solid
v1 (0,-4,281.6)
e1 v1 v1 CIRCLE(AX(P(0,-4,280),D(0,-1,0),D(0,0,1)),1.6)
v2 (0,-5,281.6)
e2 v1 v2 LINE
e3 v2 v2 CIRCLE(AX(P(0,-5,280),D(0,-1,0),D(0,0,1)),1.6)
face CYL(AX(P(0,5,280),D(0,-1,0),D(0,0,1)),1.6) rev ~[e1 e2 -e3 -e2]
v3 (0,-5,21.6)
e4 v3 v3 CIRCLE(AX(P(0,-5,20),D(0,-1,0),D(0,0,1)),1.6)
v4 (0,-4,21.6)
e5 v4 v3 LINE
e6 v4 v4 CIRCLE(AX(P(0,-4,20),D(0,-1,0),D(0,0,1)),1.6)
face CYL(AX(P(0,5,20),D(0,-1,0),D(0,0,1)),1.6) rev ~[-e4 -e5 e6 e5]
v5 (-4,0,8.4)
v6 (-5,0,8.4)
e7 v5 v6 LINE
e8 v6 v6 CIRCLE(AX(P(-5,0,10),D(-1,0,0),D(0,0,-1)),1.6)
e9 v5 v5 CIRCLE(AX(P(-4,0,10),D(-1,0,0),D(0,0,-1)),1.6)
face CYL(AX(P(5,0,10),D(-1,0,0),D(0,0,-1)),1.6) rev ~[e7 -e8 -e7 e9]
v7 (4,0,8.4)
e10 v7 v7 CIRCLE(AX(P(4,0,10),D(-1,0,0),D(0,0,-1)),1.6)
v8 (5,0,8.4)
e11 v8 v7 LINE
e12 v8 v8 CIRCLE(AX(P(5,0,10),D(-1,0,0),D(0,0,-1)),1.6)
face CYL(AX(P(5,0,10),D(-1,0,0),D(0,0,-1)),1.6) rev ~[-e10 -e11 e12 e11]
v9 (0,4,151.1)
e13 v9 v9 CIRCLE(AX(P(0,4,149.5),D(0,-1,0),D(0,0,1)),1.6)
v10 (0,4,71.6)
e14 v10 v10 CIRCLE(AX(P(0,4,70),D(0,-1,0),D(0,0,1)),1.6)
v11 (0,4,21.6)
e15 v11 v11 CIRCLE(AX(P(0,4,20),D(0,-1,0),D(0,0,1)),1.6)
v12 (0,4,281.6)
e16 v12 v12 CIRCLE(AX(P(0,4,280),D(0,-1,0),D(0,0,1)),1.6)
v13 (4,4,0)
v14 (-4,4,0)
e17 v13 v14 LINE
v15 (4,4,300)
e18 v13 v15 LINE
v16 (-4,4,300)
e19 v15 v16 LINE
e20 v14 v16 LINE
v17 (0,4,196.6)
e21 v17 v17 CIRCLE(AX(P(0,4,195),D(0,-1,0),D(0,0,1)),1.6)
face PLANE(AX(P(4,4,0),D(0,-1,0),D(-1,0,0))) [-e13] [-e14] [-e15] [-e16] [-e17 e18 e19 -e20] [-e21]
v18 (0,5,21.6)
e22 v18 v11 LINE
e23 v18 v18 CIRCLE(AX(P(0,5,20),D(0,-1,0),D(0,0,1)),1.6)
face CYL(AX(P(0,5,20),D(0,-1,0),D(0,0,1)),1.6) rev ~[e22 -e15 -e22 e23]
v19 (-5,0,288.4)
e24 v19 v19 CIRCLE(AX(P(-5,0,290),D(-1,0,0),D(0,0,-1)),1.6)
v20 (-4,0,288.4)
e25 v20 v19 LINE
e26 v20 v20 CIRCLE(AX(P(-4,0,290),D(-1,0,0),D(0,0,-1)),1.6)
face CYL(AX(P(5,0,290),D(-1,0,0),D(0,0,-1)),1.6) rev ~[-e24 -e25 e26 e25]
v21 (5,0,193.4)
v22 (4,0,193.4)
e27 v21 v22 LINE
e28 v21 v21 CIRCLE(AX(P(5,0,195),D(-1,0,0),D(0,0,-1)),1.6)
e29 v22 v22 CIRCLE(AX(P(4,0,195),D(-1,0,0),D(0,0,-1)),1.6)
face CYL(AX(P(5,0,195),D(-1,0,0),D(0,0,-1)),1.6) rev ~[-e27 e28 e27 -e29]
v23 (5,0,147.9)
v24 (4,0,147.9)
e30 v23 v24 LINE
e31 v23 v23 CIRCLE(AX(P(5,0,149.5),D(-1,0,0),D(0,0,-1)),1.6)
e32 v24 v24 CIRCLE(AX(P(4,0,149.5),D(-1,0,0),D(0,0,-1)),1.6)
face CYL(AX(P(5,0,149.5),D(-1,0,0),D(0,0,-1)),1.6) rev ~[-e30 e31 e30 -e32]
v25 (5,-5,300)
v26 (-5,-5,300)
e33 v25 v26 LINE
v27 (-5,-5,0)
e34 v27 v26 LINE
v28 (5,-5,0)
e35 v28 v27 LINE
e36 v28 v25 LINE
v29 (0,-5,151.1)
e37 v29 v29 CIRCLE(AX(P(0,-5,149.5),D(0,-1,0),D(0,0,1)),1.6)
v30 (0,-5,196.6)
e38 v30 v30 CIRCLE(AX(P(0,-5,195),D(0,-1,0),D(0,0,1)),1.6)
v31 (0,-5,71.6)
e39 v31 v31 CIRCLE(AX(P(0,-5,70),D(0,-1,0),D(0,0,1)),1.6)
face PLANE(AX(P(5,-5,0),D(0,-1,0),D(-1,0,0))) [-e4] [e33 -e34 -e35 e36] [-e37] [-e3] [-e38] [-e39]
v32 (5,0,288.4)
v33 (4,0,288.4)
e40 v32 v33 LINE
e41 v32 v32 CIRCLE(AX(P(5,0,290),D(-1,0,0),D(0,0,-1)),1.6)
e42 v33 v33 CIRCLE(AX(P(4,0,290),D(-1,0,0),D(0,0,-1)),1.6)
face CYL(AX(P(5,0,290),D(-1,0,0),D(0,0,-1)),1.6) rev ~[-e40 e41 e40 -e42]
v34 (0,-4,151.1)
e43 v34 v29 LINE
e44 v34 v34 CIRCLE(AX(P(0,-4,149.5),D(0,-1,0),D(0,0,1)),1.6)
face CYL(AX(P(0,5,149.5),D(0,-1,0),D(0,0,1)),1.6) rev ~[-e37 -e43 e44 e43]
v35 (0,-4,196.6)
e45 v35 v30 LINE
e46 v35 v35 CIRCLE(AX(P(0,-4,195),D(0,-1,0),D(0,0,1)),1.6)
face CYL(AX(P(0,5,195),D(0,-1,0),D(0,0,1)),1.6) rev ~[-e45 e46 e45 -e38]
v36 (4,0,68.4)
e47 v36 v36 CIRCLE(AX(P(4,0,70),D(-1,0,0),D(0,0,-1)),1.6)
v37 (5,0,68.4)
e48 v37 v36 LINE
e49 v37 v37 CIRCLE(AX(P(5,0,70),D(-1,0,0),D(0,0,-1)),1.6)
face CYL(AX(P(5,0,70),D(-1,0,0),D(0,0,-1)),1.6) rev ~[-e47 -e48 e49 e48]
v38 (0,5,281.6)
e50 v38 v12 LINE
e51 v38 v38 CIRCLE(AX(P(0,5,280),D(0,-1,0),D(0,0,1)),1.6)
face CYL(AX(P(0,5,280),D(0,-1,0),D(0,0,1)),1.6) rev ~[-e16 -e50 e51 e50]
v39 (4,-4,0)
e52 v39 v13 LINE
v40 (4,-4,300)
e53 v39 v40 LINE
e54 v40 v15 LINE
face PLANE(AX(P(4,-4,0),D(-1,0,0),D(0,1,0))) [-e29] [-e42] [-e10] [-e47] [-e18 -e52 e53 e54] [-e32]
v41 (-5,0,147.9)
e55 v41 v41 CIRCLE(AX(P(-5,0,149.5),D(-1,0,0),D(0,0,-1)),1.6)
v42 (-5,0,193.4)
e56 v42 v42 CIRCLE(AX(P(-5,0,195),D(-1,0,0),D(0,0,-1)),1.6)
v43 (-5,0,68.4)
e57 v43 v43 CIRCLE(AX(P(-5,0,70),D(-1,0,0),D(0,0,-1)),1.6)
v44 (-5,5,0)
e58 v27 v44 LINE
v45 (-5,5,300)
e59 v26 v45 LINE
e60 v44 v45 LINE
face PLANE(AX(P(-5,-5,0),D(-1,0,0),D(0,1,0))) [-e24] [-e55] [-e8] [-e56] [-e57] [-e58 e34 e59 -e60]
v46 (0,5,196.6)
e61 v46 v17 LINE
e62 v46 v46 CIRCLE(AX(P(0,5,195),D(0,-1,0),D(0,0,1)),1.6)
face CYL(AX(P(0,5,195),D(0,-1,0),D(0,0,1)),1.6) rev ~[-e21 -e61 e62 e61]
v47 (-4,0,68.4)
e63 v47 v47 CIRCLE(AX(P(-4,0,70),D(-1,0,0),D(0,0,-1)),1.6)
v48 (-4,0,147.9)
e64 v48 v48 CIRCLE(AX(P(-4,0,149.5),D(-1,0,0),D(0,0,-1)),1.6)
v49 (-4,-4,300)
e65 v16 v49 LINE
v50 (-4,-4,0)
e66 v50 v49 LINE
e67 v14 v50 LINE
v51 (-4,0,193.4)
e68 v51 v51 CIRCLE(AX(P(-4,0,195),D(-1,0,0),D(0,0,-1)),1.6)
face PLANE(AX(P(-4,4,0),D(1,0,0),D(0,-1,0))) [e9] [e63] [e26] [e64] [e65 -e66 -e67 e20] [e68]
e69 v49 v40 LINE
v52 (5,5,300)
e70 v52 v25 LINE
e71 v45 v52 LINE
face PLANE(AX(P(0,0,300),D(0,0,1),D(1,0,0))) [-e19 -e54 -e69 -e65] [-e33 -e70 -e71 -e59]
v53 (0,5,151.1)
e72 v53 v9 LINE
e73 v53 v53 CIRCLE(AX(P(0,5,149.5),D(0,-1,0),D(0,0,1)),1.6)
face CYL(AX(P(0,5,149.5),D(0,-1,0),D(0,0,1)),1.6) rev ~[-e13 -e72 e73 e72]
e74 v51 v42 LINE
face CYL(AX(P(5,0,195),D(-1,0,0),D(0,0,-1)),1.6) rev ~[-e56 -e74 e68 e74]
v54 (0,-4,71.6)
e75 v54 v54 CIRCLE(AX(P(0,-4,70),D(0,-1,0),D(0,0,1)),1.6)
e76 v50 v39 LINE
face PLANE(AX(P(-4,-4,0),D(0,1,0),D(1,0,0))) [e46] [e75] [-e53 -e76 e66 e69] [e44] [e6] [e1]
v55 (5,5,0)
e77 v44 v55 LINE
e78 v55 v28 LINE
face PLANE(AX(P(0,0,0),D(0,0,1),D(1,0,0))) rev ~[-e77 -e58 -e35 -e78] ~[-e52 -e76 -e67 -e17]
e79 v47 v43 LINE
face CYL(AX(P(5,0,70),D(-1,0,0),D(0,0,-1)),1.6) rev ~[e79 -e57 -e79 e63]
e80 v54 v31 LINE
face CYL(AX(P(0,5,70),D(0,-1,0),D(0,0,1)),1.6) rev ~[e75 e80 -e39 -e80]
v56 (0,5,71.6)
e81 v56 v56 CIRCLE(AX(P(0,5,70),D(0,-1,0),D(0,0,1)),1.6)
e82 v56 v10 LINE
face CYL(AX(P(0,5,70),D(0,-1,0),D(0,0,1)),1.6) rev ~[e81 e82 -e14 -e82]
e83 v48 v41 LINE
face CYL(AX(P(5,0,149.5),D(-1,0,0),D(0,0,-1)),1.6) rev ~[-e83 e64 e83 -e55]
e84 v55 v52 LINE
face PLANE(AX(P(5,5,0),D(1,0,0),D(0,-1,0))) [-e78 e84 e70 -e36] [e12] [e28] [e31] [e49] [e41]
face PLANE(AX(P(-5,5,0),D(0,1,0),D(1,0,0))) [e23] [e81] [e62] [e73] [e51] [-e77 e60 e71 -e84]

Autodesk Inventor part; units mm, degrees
ref_plane "YZ Plane" through (0, 0, 0) normal (1, 0, 0) x (0, 1, 0)
ref_plane "XZ Plane" through (0, 0, 0) normal (0, 1, 0) x (-1, 0, 0)
ref_plane "XY Plane" through (0, 0, 0) normal (0, 0, 1) x (1, 0, 0)
sketch "スケッチ1" plane through (0, 0, 0) normal (0, 0, 1) x (1, 0, 0)
  line L0 (5, -5) -> (-5, -5)
  line L1 (-5, -5) -> (-5, 5)
  line L2 (-5, 5) -> (5, 5)
  line L3 (5, 5) -> (5, -5)
  line L4 (5, -5) -> (-5, 5) construction
  line L5 (-5, -5) -> (5, 5) construction
  line L6 (4, 4) -> (-4, 4)
  line L7 (-4, 4) -> (-4, -4)
  line L8 (-4, -4) -> (4, -4)
  line L9 (4, -4) -> (4, 4)
  point P0 (0, 0)
  dimension "d0" = 10
  dimension "d1" = 10
  dimension "d2" = 1
extrude "押し出し1" add sketch "スケッチ1" along normal blind 300
sketch "スケッチ2" plane through (5, -5, 0) normal (1, 0, 0) x (0, 0, -1)
  line L0 (0, 5) -> (-300, 5)
  line L1 (0, 1) -> (-300, 1) projected
  line L2 (0, 0) -> (0, 10) projected
  line L3 (-300, 0) -> (-300, 10) projected
  point P0 (-195, 5)
  point P1 (-70, 5)
  point P2 (-150, 5)
  point P3 (-290, 5)
  point P4 (-10, 5)
  point P5 (-149.5, 5)
  dimension "d6" = 125
  dimension "d26" = 80
  dimension "d28" = 10
  dimension "d29" = 10
  dimension "d30" = 280
  dimension "d35" = 79.5
hole "穴1" at (5, 0, 195) at (5, 0, 70) at (5, 0, 290) at (5, 0, 10) at (5, 0, 149.5) direction (-1, 0, 0) diameter 3.2 end through all
sketch "スケッチ3" plane through (-5, 5, 0) normal (0, 1, 0) x (1, 0, 0)
  line L0 (5, 0) -> (5, -300)
  line L1 (10, -300) -> (0, -300) projected
  line L2 (10, 0) -> (0, 0) projected
  point P0 (5, -195)
  point P1 (5, -70)
  point P2 (5, -149.5)
  point P3 (5, -150)
  point P4 (5, -20)
  point P5 (5, -280)
  dimension "d15" = 125
  dimension "d27" = 80
  dimension "d31" = 20
  dimension "d32" = 20
  dimension "d33" = 79.5
  dimension "d34" = 50
hole "穴2" at (0, 5, 195) at (0, 5, 70) at (0, 5, 149.5) at (0, 5, 20) at (0, 5, 280) direction (0, -1, 0) diameter 3.2 end through all
equation "\"d32\" = d31"
properties part number "kaku_1010_145"
